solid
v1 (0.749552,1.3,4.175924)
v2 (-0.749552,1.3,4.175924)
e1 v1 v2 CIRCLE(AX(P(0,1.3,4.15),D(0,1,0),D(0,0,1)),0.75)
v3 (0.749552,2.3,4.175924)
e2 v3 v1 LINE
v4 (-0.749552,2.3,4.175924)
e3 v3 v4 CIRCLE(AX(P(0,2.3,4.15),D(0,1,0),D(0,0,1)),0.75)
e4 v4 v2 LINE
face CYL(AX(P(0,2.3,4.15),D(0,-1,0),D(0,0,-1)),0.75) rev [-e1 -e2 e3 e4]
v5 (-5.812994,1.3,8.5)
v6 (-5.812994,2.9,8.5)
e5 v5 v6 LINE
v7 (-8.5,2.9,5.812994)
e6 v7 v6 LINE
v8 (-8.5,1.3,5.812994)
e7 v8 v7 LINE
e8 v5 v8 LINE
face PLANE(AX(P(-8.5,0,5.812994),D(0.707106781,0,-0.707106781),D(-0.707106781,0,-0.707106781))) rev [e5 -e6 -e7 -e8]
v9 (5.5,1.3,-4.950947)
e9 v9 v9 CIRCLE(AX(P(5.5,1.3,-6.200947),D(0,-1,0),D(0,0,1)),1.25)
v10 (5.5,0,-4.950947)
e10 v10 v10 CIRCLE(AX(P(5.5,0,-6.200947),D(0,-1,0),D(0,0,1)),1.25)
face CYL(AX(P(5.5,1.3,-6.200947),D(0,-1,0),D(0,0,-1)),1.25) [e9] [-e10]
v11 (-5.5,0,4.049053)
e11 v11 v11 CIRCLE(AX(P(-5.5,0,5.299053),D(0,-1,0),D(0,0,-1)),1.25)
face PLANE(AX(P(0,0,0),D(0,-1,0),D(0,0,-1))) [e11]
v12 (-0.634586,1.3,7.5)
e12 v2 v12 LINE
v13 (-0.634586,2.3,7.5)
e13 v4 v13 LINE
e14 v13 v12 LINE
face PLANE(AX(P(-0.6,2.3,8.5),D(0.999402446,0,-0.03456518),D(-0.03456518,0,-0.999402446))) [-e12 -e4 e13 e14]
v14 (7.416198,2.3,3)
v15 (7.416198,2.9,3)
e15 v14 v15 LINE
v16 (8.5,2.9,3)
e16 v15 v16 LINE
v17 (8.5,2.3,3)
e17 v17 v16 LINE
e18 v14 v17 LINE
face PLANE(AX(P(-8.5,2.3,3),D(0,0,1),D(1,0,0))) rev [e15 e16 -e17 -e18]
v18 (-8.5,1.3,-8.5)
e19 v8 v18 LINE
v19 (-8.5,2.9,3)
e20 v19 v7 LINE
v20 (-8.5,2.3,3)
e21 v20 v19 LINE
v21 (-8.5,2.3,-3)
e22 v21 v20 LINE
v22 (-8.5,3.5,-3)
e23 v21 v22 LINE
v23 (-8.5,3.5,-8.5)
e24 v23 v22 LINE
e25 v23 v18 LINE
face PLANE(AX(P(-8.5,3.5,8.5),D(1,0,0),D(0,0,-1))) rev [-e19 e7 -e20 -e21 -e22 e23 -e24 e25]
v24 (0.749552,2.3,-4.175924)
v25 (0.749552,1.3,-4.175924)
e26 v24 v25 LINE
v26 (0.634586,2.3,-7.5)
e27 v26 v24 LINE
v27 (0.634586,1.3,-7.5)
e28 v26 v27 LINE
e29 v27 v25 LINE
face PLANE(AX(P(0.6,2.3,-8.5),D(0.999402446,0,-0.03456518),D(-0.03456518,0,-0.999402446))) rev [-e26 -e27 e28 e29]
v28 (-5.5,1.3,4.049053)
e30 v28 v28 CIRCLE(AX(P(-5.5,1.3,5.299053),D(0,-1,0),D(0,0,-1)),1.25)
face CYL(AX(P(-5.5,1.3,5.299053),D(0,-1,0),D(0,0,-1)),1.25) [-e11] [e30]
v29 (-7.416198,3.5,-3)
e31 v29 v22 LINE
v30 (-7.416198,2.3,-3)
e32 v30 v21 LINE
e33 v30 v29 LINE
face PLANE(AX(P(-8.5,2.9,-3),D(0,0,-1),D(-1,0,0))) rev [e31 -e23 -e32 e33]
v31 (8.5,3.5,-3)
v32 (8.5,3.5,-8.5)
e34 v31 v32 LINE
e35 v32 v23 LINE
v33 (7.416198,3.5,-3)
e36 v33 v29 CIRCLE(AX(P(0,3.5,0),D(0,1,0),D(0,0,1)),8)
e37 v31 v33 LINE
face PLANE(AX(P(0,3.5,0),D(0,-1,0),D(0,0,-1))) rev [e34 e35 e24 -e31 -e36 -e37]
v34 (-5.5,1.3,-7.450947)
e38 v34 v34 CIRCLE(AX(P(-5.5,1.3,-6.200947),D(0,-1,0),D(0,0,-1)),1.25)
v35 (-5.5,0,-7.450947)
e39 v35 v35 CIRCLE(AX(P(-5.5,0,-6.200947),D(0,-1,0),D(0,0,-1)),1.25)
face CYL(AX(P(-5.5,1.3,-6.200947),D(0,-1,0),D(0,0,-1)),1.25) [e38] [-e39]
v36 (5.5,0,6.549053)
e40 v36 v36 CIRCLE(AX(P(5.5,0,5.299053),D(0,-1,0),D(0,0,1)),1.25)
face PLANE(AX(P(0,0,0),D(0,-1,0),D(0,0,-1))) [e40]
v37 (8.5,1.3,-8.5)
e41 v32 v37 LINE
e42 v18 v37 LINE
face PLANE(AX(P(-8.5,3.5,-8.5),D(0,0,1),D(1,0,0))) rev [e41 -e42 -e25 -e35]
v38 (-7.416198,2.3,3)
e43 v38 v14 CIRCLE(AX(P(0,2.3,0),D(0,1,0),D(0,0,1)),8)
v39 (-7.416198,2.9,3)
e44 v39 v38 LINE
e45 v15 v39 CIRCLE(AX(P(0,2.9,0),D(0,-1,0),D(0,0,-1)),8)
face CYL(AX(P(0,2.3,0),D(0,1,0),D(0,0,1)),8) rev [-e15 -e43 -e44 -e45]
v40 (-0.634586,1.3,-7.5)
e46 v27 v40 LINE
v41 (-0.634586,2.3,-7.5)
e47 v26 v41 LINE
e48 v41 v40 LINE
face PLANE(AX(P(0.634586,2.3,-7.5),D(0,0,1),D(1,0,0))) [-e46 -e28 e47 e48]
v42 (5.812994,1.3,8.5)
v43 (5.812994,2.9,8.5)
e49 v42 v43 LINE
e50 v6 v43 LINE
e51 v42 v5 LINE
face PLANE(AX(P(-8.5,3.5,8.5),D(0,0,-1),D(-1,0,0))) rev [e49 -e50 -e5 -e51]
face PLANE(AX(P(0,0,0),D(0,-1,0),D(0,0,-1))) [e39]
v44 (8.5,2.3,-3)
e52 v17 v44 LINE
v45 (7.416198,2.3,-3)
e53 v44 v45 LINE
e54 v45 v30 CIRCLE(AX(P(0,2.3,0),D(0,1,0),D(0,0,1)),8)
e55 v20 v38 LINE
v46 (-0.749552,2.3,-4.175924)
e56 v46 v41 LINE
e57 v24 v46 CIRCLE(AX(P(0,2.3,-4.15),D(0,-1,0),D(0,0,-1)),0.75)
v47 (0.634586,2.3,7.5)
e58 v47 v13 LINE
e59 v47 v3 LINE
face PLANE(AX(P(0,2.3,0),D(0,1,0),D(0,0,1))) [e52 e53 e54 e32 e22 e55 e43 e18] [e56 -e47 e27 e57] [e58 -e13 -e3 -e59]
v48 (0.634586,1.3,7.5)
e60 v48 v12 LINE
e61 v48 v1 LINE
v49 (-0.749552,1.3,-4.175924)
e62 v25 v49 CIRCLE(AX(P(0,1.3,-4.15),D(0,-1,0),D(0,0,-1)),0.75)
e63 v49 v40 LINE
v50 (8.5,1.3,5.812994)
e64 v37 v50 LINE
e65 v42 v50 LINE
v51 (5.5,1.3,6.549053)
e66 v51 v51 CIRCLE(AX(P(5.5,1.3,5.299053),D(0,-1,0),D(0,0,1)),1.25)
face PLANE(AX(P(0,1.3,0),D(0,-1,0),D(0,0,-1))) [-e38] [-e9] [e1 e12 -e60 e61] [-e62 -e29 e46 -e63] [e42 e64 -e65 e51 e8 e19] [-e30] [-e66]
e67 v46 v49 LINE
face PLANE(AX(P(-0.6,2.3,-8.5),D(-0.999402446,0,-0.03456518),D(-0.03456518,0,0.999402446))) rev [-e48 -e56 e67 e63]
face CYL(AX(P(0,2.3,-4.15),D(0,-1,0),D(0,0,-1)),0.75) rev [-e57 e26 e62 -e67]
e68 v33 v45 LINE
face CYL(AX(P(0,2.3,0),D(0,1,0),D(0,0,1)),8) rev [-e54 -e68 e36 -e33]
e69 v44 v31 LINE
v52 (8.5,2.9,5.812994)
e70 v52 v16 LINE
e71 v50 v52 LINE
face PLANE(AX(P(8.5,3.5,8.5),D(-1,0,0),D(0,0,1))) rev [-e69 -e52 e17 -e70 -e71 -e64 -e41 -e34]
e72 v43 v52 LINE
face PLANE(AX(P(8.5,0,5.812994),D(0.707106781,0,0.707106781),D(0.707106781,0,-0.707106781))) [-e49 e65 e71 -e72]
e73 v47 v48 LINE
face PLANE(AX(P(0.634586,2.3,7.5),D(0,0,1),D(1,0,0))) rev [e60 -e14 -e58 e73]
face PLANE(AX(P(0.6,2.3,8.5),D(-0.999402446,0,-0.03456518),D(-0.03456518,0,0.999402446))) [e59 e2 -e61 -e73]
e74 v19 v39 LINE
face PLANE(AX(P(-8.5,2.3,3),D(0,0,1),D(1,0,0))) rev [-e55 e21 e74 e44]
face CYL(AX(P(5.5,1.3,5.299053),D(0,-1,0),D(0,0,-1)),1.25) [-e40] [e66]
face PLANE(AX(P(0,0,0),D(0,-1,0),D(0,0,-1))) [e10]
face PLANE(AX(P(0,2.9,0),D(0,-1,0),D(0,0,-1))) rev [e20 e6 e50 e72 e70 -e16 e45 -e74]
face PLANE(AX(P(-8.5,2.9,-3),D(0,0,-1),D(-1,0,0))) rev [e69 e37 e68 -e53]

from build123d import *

# Parameters (mm, degrees)
SKETCH1_W           = 17
SKETCH1_H           = 17
BOSS_EXTRUDE1_DEPTH = 3.5
CUT_EXTRUDE1_DEPTH  = 4.5
CUT_EXTRUDE2_DEPTH  = 0.6
SKETCH5_W           = 17
SKETCH5_H           = 6
CUT_EXTRUDE3_DEPTH  = 0.6
SKETCH6_R           = 8
CUT_EXTRUDE4_DEPTH  = 1.2
SKETCH7_OUTSIDE_W   = 23.86
SKETCH7_OUTSIDE_H   = 23.86
SKETCH7_OUTSIDE_R   = 1.25
CUT_EXTRUDE5_DEPTH  = 1.3
CUT_EXTRUDE6_DEPTH  = 1
BOSS_EXTRUDE4_DEPTH = 1


with BuildPart() as part:
    # Sketch1 → Boss-Extrude1 (new body)
    with BuildSketch(Plane(origin=(0, 0, 0), x_dir=(1, 0, 0), z_dir=(0, 1, 0))):
        Rectangle(SKETCH1_W, SKETCH1_H)
    extrude(amount=BOSS_EXTRUDE1_DEPTH)

    # Sketch2 → Cut-Extrude1 (cut, through all)
    with BuildSketch(Plane(origin=(0, 3.5, 0), x_dir=(1, 0, 0), z_dir=(0, 1, 0))):
        Polygon((-8.5, -5.812994231), (-5.812994231, -8.5), (-8.5, -8.5), align=None)
    cut_extrude1 = extrude(amount=-CUT_EXTRUDE1_DEPTH, mode=Mode.SUBTRACT)

    # Mirror1: Cut-Extrude1 across plane
    add(cut_extrude1.mirror(Plane(origin=(0, 0, 0), x_dir=(0, 0, 1), z_dir=(1, 0, 0))), mode=Mode.SUBTRACT)

    # Sketch3 → Cut-Extrude2 (cut)
    with BuildSketch(Plane(origin=(0, 3.5, 0), x_dir=(1, 0, 0), z_dir=(0, 1, 0))):
        Polygon((-8.5, 3), (8.5, 3), (8.5, -5.812994231), (5.812994231, -8.5), (-5.812994231, -8.5), (-8.5, -5.812994231), align=None)
    extrude(amount=-CUT_EXTRUDE2_DEPTH, mode=Mode.SUBTRACT)

    # Sketch5 → Cut-Extrude3 (cut)
    with BuildSketch(Plane(origin=(0, 2.9, 0), x_dir=(1, 0, 0), z_dir=(0, 1, 0))):
        Rectangle(SKETCH5_W, SKETCH5_H)
    extrude(amount=-CUT_EXTRUDE3_DEPTH, mode=Mode.SUBTRACT)

    # Sketch6 → Cut-Extrude4 (cut)
    with BuildSketch(Plane(origin=(0, 3.5, 0), x_dir=(1, 0, 0), z_dir=(0, 1, 0))):
        Circle(SKETCH6_R)
    extrude(amount=-CUT_EXTRUDE4_DEPTH, mode=Mode.SUBTRACT)

    # Sketch7 outside → Cut-Extrude5 (cut)
    with BuildSketch(Plane.XZ):
        Rectangle(SKETCH7_OUTSIDE_W, SKETCH7_OUTSIDE_H)
        with Locations((-5.5, -6.20094747)):
            Circle(SKETCH7_OUTSIDE_R, mode=Mode.SUBTRACT)
        with Locations((-5.5, 5.29905253)):
            Circle(SKETCH7_OUTSIDE_R, mode=Mode.SUBTRACT)
        with Locations((5.5, 5.29905253)):
            Circle(SKETCH7_OUTSIDE_R, mode=Mode.SUBTRACT)
        with Locations((5.5, -6.20094747)):
            Circle(SKETCH7_OUTSIDE_R, mode=Mode.SUBTRACT)
    extrude(amount=-CUT_EXTRUDE5_DEPTH, mode=Mode.SUBTRACT)

    # Sketch8 → Cut-Extrude6 (cut)
    with BuildSketch(Plane.XZ.offset(-1.3)):
        with BuildLine():
            Line((-0.6, -8.5), (0.6, -8.5))
            Line((0.6, -8.5), (0.749551834, -4.175923885))
            ThreePointArc((0.749551834, -4.175923885), (0, -3.4), (-0.749551834, -4.175923885))
            Line((-0.749551834, -4.175923885), (-0.6, -8.5))
        make_face()
    cut_extrude6 = extrude(amount=-CUT_EXTRUDE6_DEPTH, mode=Mode.SUBTRACT)

    # Mirror2: Cut-Extrude6 across plane
    add(cut_extrude6.mirror(Plane.XY), mode=Mode.SUBTRACT)

    # Sketch11 → Boss-Extrude4 (add)
    with BuildSketch(Plane.XZ.offset(-1.3)):
        Polygon((-0.6, -8.5), (0.6, -8.5), (0.634585847, -7.5), (-0.634585847, -7.5), align=None)
    boss_extrude4 = extrude(amount=-BOSS_EXTRUDE4_DEPTH)

    # Mirror3: Boss-Extrude4 across plane
    add(boss_extrude4.mirror(Plane.XY))


solid = part.part
